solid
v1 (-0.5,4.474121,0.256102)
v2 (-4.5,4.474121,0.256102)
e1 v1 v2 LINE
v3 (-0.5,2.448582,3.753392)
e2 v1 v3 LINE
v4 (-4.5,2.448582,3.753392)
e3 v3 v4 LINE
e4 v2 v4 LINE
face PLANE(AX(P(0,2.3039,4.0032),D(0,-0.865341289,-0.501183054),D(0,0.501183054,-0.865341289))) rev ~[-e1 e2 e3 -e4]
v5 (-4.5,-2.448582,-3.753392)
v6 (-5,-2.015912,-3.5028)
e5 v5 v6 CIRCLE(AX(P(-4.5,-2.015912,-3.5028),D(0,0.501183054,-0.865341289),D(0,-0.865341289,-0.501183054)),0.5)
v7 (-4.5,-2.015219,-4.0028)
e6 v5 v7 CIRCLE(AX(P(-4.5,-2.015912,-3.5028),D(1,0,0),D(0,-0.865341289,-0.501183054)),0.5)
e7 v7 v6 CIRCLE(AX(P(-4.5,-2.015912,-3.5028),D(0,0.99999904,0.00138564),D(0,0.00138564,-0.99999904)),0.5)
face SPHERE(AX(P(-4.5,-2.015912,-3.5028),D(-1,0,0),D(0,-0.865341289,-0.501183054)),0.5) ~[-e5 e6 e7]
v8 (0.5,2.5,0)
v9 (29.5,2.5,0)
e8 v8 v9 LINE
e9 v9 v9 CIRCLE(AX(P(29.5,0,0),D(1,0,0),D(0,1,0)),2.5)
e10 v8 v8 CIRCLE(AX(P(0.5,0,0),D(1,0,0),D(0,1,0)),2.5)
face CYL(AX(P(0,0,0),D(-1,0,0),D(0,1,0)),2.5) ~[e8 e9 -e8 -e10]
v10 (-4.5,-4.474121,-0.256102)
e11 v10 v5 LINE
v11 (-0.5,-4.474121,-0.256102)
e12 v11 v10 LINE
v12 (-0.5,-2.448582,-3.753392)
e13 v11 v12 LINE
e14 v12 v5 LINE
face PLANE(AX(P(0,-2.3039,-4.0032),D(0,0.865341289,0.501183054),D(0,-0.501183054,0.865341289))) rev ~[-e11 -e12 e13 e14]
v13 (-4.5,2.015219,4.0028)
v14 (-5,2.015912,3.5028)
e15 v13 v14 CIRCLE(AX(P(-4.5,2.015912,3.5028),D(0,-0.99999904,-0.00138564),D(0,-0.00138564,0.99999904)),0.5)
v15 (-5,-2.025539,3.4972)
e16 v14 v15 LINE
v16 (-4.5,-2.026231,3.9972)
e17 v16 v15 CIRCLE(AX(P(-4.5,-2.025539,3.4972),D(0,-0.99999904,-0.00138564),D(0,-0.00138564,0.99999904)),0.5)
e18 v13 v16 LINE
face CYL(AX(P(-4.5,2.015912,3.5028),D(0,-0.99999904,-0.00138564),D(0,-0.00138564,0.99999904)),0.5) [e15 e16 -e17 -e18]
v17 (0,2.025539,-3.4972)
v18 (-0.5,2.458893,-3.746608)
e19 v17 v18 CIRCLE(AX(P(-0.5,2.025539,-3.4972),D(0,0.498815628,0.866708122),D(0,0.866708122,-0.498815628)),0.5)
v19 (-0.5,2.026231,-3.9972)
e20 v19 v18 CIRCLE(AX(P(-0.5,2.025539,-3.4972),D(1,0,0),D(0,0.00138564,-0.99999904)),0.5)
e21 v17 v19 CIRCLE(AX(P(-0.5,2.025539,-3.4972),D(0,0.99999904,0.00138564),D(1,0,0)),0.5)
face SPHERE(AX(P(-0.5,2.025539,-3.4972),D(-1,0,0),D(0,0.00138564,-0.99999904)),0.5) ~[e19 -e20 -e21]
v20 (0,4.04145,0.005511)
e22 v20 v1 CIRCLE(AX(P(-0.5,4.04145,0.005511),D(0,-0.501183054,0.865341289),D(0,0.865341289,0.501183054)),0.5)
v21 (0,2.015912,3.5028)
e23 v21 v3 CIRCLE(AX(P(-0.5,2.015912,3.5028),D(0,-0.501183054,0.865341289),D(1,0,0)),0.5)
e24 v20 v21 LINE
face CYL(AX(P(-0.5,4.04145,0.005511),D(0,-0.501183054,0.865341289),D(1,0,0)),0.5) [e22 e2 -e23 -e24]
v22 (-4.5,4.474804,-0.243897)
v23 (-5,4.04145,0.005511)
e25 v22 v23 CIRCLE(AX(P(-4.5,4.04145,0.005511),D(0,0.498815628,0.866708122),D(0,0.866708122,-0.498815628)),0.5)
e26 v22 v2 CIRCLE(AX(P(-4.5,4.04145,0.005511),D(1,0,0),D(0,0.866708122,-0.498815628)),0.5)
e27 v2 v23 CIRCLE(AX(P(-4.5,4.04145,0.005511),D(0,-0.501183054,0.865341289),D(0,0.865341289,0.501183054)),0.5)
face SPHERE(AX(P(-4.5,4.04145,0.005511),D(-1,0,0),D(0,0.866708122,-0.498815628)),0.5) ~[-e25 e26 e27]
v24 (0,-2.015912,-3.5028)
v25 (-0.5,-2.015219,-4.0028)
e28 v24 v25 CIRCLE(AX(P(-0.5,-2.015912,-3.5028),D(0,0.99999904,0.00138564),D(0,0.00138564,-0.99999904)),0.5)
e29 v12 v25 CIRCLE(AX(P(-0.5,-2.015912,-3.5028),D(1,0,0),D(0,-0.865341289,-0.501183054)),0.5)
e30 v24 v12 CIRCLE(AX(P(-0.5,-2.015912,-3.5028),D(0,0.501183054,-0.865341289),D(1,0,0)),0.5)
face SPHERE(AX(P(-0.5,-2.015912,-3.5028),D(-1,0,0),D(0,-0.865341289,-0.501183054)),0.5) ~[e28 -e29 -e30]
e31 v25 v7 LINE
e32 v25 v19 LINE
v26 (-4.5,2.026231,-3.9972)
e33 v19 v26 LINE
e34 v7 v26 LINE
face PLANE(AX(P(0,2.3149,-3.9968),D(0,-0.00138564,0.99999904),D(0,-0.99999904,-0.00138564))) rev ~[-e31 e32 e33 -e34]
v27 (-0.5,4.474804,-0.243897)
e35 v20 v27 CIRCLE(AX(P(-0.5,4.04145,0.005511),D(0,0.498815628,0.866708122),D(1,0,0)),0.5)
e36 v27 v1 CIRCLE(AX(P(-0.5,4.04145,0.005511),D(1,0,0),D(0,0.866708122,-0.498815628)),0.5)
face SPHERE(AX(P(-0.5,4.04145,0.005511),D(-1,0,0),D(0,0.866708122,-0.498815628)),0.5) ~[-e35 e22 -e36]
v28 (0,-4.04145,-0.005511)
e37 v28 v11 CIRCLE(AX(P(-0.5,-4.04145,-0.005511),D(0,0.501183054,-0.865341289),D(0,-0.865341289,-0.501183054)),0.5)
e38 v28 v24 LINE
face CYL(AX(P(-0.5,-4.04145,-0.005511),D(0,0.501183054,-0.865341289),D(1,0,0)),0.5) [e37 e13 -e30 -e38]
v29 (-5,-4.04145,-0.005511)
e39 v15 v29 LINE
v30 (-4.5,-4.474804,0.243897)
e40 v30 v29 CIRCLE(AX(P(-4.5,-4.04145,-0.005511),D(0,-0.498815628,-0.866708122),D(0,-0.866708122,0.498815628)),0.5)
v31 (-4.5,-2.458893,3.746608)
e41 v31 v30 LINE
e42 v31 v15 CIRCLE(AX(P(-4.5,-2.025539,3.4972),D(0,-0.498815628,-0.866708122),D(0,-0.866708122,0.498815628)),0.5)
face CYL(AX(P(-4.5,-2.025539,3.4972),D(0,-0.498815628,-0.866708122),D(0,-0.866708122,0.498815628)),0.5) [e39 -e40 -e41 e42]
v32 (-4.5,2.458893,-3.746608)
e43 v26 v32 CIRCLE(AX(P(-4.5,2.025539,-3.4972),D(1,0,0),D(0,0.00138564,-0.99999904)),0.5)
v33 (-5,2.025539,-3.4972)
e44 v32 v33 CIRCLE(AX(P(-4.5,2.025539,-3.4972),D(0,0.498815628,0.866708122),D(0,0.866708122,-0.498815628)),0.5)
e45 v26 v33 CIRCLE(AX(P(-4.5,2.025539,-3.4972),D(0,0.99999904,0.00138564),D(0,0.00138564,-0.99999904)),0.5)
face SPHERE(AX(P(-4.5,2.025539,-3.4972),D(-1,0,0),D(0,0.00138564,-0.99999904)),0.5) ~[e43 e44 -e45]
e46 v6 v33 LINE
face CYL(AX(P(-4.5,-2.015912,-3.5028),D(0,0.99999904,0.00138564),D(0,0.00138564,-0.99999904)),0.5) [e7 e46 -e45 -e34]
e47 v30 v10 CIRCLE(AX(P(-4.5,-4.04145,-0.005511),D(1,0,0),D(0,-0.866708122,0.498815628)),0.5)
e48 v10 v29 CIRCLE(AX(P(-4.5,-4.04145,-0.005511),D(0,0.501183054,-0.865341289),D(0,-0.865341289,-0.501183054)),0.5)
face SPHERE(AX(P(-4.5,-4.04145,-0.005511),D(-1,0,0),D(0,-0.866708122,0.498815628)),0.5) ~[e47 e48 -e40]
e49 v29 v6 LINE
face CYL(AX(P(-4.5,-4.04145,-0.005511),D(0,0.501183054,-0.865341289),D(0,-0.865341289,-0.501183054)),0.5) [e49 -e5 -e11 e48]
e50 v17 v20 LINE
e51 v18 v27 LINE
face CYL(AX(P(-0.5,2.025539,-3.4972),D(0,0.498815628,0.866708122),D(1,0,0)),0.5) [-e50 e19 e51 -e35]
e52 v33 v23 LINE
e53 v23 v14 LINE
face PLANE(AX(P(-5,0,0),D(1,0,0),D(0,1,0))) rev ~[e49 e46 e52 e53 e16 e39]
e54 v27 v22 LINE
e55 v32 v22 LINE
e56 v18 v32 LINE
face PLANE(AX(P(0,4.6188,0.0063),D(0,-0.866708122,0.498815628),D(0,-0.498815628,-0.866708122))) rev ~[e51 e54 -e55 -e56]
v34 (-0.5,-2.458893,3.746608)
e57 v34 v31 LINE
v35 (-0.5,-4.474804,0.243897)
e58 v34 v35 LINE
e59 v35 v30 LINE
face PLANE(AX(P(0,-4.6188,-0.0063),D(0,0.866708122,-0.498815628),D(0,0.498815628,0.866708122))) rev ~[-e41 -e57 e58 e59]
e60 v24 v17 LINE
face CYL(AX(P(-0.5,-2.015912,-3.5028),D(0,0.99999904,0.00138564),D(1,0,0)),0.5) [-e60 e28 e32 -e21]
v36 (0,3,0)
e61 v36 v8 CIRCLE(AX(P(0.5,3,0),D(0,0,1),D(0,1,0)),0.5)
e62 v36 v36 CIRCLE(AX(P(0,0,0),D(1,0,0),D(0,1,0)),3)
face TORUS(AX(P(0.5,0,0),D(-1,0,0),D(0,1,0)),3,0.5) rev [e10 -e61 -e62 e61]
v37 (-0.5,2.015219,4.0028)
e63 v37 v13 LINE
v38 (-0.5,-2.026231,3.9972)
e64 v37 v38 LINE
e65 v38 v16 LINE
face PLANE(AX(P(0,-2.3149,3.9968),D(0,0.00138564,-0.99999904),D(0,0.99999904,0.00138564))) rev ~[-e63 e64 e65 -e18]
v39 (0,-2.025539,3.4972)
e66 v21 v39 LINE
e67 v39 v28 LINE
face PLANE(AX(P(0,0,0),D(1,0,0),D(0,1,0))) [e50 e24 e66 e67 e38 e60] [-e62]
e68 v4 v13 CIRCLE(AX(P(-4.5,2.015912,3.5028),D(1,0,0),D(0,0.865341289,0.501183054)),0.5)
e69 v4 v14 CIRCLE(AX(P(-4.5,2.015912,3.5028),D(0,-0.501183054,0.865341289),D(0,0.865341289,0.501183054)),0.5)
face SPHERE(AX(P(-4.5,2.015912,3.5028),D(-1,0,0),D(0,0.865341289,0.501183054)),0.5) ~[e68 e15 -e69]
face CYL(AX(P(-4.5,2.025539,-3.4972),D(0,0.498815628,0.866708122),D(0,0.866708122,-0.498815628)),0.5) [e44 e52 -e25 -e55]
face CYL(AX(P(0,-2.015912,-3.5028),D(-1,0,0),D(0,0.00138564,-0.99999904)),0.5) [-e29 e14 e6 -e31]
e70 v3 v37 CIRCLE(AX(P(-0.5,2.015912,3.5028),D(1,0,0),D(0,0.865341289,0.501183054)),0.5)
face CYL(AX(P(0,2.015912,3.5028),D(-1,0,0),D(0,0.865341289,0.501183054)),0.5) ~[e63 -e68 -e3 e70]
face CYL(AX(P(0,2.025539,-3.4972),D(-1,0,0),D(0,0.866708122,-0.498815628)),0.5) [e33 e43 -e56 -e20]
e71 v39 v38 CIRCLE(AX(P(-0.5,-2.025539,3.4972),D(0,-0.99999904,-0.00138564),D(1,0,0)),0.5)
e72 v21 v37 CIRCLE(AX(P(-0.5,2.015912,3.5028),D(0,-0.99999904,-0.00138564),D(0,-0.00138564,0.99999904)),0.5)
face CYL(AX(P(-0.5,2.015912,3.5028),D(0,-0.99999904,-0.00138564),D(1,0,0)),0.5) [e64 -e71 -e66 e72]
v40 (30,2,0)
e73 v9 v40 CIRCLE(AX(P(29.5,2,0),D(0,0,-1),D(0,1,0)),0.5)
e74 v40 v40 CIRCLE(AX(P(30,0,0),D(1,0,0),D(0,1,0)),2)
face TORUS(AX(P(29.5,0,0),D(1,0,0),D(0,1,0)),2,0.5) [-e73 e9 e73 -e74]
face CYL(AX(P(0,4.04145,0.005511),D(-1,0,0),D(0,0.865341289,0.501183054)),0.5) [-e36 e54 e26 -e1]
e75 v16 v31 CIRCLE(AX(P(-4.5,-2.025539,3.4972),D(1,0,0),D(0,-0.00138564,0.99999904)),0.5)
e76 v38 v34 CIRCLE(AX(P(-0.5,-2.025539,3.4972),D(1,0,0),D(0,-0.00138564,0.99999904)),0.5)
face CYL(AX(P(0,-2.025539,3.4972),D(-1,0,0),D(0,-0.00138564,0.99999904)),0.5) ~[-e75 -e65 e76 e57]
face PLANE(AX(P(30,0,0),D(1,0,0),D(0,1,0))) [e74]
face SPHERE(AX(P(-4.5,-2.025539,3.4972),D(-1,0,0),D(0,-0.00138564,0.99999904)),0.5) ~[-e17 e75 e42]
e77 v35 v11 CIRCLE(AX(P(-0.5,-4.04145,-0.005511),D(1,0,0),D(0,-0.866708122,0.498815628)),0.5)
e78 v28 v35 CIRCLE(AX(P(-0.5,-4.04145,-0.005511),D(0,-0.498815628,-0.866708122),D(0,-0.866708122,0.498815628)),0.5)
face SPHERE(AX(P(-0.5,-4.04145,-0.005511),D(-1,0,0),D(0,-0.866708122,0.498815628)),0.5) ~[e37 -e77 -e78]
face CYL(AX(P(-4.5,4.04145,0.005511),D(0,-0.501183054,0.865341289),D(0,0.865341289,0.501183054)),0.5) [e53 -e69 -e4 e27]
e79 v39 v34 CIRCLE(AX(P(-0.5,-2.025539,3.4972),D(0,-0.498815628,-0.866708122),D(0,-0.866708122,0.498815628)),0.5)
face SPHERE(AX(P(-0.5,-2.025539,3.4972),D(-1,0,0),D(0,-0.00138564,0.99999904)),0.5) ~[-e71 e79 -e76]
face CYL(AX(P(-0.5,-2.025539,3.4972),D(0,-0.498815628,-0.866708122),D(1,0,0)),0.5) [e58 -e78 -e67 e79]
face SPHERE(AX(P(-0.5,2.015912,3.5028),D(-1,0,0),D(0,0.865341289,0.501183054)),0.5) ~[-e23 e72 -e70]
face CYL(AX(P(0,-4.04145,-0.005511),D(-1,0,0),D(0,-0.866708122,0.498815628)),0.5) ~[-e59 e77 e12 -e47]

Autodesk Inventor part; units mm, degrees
ref_plane "YZ Plane" through (0, 0, 0) normal (1, 0, 0) x (0, 1, 0)
ref_plane "XZ Plane" through (0, 0, 0) normal (0, 1, 0) x (-1, 0, 0)
ref_plane "XY Plane" through (0, 0, 0) normal (0, 0, 1) x (1, 0, 0)
sketch "Sketch1" plane through (0, 0, 0) normal (1, 0, 0) x (0, 1, 0)
  circle A0 centre (0, 0) radius 2.5
  line L0 (2.3039, 4.0032) -> (4.6188, 0.0063)
  line L1 (4.6188, 0.0063) -> (2.3149, -3.9968)
  line L2 (2.3149, -3.9968) -> (-2.3039, -4.0032)
  line L3 (-2.3039, -4.0032) -> (-4.6188, -0.0063)
  line L4 (-4.6188, -0.0063) -> (-2.3149, 3.9968)
  line L5 (-2.3149, 3.9968) -> (2.3039, 4.0032)
  dimension "d0" = 5
  dimension "d1" = 8
extrude "Extrusion1" add sketch "Sketch1" along normal blind 30 contours A0
extrude "Extrusion2" add sketch "Sketch1" against normal blind 5 contours A0 | L0 L1 L2 L3 L4 L5
thread "Thread1" size "M5x0.8" class "6g" standard "ANSI Metric M Profile" full length
fillet "Fillet1" radius 0.5 6 edges at (-2.5, 2.3039, 4.0032) (-2.5, 4.6188, 0.0063) (-2.5, -2.3149, 3.9968) (-2.5, -4.6188, -0.0063) (-2.5, -2.3039, -4.0032) (-2.5, 2.3149, -3.9968)
fillet "Fillet2" radius 0.5 24 edges at (-5, -4.5414, -0.0062) (-5, -3.4668, 1.9953) (-5, -2.2761, 3.9299) (-5, -0.0055, 4) (-5, 2.2653, 3.9361) (-5, 3.4614, 2.0047) (-5, 4.5414, 0.0062) (-5, 3.4668, -1.9953) (-5, 2.2761, -3.9299) (-5, 0.0055, -4) (-5, -2.2653, -3.9361) (-5, -3.4614, -2.0047) (0, -4.5414, -0.0062) (0, -3.4668, 1.9953) (0, -2.2761, 3.9299) (0, -0.0055, 4) (0, 2.2653, 3.9361) (0, 3.4614, 2.0047) (0, 4.5414, 0.0062) (0, 3.4668, -1.9953) (0, 2.2761, -3.9299) (0, 0.0055, -4) (0, -2.2653, -3.9361) (0, -3.4614, -2.0047)
fillet "Fillet3" radius 0.5 2 edges at (0, -2.5, 0) (30, -2.5, 0)
properties part number "SzenzorCsavar5os"
